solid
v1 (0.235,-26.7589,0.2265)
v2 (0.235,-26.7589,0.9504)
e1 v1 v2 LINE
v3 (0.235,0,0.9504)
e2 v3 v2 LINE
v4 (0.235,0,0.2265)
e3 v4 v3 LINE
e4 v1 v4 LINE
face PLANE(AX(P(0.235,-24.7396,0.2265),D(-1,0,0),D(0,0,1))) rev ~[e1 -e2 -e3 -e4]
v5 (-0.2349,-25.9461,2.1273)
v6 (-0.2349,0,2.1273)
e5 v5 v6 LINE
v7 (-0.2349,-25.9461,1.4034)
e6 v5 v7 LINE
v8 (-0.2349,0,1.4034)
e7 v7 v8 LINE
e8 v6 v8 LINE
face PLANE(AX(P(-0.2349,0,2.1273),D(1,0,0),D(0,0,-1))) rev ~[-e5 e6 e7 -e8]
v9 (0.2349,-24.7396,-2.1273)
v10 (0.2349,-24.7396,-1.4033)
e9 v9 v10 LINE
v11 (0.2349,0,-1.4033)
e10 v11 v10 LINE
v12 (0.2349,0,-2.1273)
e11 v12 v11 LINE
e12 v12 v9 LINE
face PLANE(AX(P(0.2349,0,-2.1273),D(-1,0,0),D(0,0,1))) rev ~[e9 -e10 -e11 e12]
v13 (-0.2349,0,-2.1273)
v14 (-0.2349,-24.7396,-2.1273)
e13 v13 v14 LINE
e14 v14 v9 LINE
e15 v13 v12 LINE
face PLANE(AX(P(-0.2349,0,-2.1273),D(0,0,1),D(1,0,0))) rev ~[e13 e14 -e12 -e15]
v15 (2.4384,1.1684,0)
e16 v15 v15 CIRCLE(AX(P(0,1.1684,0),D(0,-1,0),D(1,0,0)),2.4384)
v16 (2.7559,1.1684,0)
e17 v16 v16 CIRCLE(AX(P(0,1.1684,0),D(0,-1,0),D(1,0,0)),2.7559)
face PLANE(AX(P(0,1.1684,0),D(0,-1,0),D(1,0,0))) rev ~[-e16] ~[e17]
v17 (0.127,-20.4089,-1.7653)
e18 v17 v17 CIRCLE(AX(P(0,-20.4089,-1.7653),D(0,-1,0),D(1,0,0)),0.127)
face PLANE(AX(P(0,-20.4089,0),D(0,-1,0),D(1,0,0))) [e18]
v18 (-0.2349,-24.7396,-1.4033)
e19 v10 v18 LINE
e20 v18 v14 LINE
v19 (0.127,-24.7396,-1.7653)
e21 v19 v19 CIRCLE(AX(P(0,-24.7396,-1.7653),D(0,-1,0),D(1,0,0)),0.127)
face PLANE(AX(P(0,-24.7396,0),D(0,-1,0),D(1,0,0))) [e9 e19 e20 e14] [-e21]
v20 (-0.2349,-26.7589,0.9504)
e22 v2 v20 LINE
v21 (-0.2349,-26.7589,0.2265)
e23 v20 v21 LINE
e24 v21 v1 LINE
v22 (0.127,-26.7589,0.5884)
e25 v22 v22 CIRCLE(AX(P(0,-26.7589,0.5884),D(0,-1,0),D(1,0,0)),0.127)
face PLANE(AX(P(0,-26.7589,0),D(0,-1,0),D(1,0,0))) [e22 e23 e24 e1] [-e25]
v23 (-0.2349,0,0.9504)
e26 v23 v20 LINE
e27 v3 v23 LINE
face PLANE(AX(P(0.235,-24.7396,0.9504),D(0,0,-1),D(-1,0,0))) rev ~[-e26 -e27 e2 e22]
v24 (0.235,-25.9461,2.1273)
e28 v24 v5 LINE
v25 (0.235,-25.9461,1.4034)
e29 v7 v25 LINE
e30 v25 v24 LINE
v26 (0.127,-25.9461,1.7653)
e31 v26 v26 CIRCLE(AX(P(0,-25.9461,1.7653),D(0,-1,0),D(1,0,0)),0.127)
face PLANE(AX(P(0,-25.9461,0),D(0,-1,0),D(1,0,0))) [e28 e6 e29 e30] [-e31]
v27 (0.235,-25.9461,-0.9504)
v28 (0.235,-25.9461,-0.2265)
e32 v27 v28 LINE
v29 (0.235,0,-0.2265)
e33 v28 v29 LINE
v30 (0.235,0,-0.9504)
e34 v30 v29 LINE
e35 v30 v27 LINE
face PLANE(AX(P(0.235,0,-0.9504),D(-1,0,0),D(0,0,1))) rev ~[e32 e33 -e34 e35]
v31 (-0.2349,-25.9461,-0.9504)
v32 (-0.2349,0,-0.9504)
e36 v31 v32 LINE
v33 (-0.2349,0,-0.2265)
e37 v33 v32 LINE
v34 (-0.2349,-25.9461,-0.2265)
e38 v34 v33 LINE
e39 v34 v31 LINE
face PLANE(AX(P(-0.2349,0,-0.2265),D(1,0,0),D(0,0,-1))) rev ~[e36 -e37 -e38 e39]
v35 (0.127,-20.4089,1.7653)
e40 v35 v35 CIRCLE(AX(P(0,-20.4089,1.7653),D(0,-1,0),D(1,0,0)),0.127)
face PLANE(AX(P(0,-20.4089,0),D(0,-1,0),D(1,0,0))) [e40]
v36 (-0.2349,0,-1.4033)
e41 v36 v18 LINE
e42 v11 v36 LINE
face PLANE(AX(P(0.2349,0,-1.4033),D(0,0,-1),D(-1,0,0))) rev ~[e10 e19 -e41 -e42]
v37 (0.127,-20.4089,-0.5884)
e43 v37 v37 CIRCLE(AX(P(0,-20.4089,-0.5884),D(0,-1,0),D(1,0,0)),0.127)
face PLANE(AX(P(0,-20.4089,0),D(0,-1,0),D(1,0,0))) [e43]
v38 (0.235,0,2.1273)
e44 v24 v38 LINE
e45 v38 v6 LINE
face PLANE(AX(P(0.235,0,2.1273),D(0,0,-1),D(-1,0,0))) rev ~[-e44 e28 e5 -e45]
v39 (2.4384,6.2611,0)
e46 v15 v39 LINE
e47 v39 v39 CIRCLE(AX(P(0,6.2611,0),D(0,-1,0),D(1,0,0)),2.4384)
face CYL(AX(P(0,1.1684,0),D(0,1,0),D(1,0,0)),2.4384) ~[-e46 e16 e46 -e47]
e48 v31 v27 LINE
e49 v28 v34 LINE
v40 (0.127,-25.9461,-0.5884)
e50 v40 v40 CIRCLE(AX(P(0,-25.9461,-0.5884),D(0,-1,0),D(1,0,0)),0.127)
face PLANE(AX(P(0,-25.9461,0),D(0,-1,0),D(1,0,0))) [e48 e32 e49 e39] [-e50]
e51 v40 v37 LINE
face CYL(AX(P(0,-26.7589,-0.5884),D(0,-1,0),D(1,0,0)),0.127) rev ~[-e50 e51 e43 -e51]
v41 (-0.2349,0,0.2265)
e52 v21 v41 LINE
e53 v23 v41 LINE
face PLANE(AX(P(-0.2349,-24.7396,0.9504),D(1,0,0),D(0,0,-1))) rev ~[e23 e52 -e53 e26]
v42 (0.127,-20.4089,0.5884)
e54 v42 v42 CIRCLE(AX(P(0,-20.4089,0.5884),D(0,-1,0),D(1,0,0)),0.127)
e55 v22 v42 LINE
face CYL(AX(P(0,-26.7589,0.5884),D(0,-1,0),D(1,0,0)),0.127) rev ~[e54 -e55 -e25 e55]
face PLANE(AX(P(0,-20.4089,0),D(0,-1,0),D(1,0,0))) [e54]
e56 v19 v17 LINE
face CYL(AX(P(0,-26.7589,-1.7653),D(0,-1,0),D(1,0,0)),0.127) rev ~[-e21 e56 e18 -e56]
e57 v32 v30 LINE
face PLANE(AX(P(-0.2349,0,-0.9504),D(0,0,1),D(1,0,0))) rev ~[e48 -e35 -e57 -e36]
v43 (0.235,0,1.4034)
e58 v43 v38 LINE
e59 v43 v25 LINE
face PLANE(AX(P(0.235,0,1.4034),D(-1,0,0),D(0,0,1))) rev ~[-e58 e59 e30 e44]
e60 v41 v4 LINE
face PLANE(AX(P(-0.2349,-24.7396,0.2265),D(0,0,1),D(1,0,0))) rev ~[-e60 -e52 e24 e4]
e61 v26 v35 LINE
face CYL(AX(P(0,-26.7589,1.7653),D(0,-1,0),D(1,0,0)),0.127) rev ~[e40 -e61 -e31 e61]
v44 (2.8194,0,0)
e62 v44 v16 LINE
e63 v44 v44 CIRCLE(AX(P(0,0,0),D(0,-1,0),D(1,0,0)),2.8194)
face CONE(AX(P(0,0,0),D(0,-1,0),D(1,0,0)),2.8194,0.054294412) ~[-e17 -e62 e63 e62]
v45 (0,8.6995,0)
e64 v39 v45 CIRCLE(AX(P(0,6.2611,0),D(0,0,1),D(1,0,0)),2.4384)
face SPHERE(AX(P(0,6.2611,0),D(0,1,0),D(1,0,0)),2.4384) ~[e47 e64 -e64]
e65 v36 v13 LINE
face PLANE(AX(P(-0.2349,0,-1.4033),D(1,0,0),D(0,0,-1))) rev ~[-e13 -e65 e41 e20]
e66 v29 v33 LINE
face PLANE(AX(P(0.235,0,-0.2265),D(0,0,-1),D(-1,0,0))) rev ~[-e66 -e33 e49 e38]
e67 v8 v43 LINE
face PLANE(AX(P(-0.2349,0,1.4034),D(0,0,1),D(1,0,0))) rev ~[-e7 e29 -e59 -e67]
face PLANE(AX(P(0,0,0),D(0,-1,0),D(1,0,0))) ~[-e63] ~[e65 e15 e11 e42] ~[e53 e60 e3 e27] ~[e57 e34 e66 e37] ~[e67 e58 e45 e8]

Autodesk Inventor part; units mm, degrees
ref_plane "YZ Plane" through (0, 0, 0) normal (1, 0, 0) x (0, 1, 0)
ref_plane "XZ Plane" through (0, 0, 0) normal (0, 1, 0) x (-1, 0, 0)
ref_plane "XY Plane" through (0, 0, 0) normal (0, 0, 1) x (1, 0, 0)
sketch "Sketch1" plane through (0, 0, 0) normal (0, 0, 1) x (1, 0, 0)
  line L0 (0, 8.6995) -> (0, 0)
  line L1 (0, 0) -> (2.8194, 0)
  line L2 (2.8194, 0) -> (2.7559, 1.1684)
  line L3 (2.7559, 1.1684) -> (2.4384, 1.1684)
  line L4 (2.4384, 1.1684) -> (2.4384, 6.2611)
  arc A0 (2.4384, 6.2611) -> (0, 8.6995) centre (0, 6.2611) ccw
  dimension "d0" = 2.4384
  dimension "d1" = 2.8194
  dimension "d2" = 2.7559
  dimension "d3" = 1.1684
  dimension "d4" = 8.6995
revolve "Revolution1" add sketch "Sketch1" angle 360 about axis through (0, 8.6995, 0) along (0, -1, 0)
sketch "Sketch2" plane through (0, 0, 0) normal (0, -1, 0) x (1, 0, 0)
  line L0 (0.235, 2.1273) -> (-0.2349, 2.1273)
  line L1 (-0.2349, 2.1273) -> (-0.2349, 1.4034)
  line L2 (-0.2349, 1.4034) -> (0.235, 1.4034)
  line L3 (0.235, 1.4034) -> (0.235, 2.1273)
  line L4 (0.235, 2.1273) -> (-0.2349, 1.4034) construction
  line L5 (-0.2349, 2.1273) -> (0.235, 1.4034) construction
  line L6 (0.235, 0.9504) -> (-0.2349, 0.9504)
  line L7 (-0.2349, 0.9504) -> (-0.2349, 0.2265)
  line L8 (-0.2349, 0.2265) -> (0.235, 0.2265)
  line L9 (0.235, 0.2265) -> (0.235, 0.9504)
  line L10 (0.235, 0.9504) -> (-0.2349, 0.2265) construction
  line L11 (-0.2349, 0.9504) -> (0.235, 0.2265) construction
  line L12 (0.235, -0.2265) -> (-0.2349, -0.2265)
  line L13 (-0.2349, -0.2265) -> (-0.2349, -0.9504)
  line L14 (-0.2349, -0.9504) -> (0.235, -0.9504)
  line L15 (0.235, -0.9504) -> (0.235, -0.2265)
  line L16 (0.235, -0.2265) -> (-0.2349, -0.9504) construction
  line L17 (-0.2349, -0.2265) -> (0.235, -0.9504) construction
  line L18 (0.2349, -1.4033) -> (-0.2349, -1.4033)
  line L19 (-0.2349, -1.4033) -> (-0.2349, -2.1273)
  line L20 (-0.2349, -2.1273) -> (0.2349, -2.1273)
  line L21 (0.2349, -2.1273) -> (0.2349, -1.4033)
  line L22 (0.2349, -1.4033) -> (-0.2349, -2.1273) construction
  line L23 (-0.2349, -1.4033) -> (0.2349, -2.1273) construction
  circle A0 centre (0, 0) radius 2.7559 construction
  line L24 (2.7559, 0) -> (-2.7559, 0) construction
  point P0 (0, 0)
  point P1 (0, 1.7653)
  point P2 (0, 0.5884)
  point P3 (0, -0.5884)
  point P4 (0, -1.7653)
  point P5 (0, -1.7653)
  point P6 (0, -0.9504)
  point P7 (0, -0.5884)
  point P8 (0, 0.5884)
  point P9 (0, 0.2265)
  point P10 (0, 1.7653)
  point P11 (0, -0.5884)
  dimension "d6" = 0.4699
  dimension "d7" = 0.7239
  dimension "d8" = 4.2545
  dimension "d9" = 0.453
  dimension "d10" = 0.453
extrude "Extrusion1" add sketch "Sketch2" along normal blind 24.7396
sketch "Sketch3" plane through (0, -24.7396, 0) normal (0, -1, 0) x (1, 0, 0)
  line L0 (0.235, 2.1273) -> (-0.2349, 2.1273) projected
  line L1 (-0.2349, 2.1273) -> (-0.2349, 1.4034) projected
  line L2 (-0.2349, 1.4034) -> (0.235, 1.4034) projected
  line L3 (0.235, 1.4034) -> (0.235, 2.1273) projected
  line L4 (0.235, -0.2265) -> (-0.2349, -0.2265) projected
  line L5 (-0.2349, -0.2265) -> (-0.2349, -0.9504) projected
  line L6 (-0.2349, -0.9504) -> (0.235, -0.9504) projected
  line L7 (0.235, -0.9504) -> (0.235, -0.2265) projected
  point P0 (0, 0)
extrude "Extrusion2" add sketch "Sketch3" along normal blind 1.2065
sketch "Sketch4" plane through (0, -24.7396, 0) normal (0, -1, 0) x (1, 0, 0)
  line L0 (0.235, 0.9504) -> (-0.2349, 0.9504) projected
  line L1 (-0.2349, 0.9504) -> (-0.2349, 0.2265) projected
  line L2 (-0.2349, 0.2265) -> (0.235, 0.2265) projected
  line L3 (0.235, 0.2265) -> (0.235, 0.9504) projected
  point P0 (0, 0)
extrude "Extrusion3" add sketch "Sketch4" along normal blind 2.0193
sketch "Sketch5" plane through (0, -26.7589, 0) normal (0, -1, 0) x (1, 0, 0)
  line L0 (0.235, -0.2265) -> (0.235, -0.9504) projected
  line L1 (0.235, -0.9504) -> (-0.2349, -0.9504) projected
  line L2 (-0.2349, -0.9504) -> (-0.2349, -0.2265) projected
  line L3 (-0.2349, -0.2265) -> (0.235, -0.2265) projected
  line L4 (0.235, 2.1273) -> (0.235, 1.4034) projected
  line L5 (0.235, 1.4034) -> (-0.2349, 1.4034) projected
  line L6 (-0.2349, 1.4034) -> (-0.2349, 2.1273) projected
  line L7 (-0.2349, 2.1273) -> (0.235, 2.1273) projected
  line L8 (0.235, 0.9504) -> (0.235, 0.2265) projected
  line L9 (0.235, 0.2265) -> (-0.2349, 0.2265) projected
  line L10 (-0.2349, 0.2265) -> (-0.2349, 0.9504) projected
  line L11 (-0.2349, 0.9504) -> (0.235, 0.9504) projected
  line L12 (0.2349, -1.4033) -> (0.2349, -2.1273) projected
  line L13 (0.2349, -2.1273) -> (-0.2349, -2.1273) projected
  line L14 (-0.2349, -2.1273) -> (-0.2349, -1.4033) projected
  line L15 (-0.2349, -1.4033) -> (0.2349, -1.4033) projected
  circle A0 centre (0, 0) radius 2.8194 projected
  circle A1 centre (0, 1.7653) radius 0.127
  circle A2 centre (0, 0.5884) radius 0.127
  circle A3 centre (0, -0.5884) radius 0.127
  circle A4 centre (0, -1.7653) radius 0.127
  point P0 (0.235, 1.7653)
  point P1 (0.235, 0.5884)
  point P2 (0.235, -0.5884)
  point P3 (0.2349, -1.7653)
  point P4 (0, 1.4034)
  dimension "d17" = 0.254
extrude "Extrusion4" cut sketch "Sketch5" against normal blind 6.35 contours A1 | A2 | A3 | A4
equation "\"d9\" = d10"
properties part number "Clipped LED"
